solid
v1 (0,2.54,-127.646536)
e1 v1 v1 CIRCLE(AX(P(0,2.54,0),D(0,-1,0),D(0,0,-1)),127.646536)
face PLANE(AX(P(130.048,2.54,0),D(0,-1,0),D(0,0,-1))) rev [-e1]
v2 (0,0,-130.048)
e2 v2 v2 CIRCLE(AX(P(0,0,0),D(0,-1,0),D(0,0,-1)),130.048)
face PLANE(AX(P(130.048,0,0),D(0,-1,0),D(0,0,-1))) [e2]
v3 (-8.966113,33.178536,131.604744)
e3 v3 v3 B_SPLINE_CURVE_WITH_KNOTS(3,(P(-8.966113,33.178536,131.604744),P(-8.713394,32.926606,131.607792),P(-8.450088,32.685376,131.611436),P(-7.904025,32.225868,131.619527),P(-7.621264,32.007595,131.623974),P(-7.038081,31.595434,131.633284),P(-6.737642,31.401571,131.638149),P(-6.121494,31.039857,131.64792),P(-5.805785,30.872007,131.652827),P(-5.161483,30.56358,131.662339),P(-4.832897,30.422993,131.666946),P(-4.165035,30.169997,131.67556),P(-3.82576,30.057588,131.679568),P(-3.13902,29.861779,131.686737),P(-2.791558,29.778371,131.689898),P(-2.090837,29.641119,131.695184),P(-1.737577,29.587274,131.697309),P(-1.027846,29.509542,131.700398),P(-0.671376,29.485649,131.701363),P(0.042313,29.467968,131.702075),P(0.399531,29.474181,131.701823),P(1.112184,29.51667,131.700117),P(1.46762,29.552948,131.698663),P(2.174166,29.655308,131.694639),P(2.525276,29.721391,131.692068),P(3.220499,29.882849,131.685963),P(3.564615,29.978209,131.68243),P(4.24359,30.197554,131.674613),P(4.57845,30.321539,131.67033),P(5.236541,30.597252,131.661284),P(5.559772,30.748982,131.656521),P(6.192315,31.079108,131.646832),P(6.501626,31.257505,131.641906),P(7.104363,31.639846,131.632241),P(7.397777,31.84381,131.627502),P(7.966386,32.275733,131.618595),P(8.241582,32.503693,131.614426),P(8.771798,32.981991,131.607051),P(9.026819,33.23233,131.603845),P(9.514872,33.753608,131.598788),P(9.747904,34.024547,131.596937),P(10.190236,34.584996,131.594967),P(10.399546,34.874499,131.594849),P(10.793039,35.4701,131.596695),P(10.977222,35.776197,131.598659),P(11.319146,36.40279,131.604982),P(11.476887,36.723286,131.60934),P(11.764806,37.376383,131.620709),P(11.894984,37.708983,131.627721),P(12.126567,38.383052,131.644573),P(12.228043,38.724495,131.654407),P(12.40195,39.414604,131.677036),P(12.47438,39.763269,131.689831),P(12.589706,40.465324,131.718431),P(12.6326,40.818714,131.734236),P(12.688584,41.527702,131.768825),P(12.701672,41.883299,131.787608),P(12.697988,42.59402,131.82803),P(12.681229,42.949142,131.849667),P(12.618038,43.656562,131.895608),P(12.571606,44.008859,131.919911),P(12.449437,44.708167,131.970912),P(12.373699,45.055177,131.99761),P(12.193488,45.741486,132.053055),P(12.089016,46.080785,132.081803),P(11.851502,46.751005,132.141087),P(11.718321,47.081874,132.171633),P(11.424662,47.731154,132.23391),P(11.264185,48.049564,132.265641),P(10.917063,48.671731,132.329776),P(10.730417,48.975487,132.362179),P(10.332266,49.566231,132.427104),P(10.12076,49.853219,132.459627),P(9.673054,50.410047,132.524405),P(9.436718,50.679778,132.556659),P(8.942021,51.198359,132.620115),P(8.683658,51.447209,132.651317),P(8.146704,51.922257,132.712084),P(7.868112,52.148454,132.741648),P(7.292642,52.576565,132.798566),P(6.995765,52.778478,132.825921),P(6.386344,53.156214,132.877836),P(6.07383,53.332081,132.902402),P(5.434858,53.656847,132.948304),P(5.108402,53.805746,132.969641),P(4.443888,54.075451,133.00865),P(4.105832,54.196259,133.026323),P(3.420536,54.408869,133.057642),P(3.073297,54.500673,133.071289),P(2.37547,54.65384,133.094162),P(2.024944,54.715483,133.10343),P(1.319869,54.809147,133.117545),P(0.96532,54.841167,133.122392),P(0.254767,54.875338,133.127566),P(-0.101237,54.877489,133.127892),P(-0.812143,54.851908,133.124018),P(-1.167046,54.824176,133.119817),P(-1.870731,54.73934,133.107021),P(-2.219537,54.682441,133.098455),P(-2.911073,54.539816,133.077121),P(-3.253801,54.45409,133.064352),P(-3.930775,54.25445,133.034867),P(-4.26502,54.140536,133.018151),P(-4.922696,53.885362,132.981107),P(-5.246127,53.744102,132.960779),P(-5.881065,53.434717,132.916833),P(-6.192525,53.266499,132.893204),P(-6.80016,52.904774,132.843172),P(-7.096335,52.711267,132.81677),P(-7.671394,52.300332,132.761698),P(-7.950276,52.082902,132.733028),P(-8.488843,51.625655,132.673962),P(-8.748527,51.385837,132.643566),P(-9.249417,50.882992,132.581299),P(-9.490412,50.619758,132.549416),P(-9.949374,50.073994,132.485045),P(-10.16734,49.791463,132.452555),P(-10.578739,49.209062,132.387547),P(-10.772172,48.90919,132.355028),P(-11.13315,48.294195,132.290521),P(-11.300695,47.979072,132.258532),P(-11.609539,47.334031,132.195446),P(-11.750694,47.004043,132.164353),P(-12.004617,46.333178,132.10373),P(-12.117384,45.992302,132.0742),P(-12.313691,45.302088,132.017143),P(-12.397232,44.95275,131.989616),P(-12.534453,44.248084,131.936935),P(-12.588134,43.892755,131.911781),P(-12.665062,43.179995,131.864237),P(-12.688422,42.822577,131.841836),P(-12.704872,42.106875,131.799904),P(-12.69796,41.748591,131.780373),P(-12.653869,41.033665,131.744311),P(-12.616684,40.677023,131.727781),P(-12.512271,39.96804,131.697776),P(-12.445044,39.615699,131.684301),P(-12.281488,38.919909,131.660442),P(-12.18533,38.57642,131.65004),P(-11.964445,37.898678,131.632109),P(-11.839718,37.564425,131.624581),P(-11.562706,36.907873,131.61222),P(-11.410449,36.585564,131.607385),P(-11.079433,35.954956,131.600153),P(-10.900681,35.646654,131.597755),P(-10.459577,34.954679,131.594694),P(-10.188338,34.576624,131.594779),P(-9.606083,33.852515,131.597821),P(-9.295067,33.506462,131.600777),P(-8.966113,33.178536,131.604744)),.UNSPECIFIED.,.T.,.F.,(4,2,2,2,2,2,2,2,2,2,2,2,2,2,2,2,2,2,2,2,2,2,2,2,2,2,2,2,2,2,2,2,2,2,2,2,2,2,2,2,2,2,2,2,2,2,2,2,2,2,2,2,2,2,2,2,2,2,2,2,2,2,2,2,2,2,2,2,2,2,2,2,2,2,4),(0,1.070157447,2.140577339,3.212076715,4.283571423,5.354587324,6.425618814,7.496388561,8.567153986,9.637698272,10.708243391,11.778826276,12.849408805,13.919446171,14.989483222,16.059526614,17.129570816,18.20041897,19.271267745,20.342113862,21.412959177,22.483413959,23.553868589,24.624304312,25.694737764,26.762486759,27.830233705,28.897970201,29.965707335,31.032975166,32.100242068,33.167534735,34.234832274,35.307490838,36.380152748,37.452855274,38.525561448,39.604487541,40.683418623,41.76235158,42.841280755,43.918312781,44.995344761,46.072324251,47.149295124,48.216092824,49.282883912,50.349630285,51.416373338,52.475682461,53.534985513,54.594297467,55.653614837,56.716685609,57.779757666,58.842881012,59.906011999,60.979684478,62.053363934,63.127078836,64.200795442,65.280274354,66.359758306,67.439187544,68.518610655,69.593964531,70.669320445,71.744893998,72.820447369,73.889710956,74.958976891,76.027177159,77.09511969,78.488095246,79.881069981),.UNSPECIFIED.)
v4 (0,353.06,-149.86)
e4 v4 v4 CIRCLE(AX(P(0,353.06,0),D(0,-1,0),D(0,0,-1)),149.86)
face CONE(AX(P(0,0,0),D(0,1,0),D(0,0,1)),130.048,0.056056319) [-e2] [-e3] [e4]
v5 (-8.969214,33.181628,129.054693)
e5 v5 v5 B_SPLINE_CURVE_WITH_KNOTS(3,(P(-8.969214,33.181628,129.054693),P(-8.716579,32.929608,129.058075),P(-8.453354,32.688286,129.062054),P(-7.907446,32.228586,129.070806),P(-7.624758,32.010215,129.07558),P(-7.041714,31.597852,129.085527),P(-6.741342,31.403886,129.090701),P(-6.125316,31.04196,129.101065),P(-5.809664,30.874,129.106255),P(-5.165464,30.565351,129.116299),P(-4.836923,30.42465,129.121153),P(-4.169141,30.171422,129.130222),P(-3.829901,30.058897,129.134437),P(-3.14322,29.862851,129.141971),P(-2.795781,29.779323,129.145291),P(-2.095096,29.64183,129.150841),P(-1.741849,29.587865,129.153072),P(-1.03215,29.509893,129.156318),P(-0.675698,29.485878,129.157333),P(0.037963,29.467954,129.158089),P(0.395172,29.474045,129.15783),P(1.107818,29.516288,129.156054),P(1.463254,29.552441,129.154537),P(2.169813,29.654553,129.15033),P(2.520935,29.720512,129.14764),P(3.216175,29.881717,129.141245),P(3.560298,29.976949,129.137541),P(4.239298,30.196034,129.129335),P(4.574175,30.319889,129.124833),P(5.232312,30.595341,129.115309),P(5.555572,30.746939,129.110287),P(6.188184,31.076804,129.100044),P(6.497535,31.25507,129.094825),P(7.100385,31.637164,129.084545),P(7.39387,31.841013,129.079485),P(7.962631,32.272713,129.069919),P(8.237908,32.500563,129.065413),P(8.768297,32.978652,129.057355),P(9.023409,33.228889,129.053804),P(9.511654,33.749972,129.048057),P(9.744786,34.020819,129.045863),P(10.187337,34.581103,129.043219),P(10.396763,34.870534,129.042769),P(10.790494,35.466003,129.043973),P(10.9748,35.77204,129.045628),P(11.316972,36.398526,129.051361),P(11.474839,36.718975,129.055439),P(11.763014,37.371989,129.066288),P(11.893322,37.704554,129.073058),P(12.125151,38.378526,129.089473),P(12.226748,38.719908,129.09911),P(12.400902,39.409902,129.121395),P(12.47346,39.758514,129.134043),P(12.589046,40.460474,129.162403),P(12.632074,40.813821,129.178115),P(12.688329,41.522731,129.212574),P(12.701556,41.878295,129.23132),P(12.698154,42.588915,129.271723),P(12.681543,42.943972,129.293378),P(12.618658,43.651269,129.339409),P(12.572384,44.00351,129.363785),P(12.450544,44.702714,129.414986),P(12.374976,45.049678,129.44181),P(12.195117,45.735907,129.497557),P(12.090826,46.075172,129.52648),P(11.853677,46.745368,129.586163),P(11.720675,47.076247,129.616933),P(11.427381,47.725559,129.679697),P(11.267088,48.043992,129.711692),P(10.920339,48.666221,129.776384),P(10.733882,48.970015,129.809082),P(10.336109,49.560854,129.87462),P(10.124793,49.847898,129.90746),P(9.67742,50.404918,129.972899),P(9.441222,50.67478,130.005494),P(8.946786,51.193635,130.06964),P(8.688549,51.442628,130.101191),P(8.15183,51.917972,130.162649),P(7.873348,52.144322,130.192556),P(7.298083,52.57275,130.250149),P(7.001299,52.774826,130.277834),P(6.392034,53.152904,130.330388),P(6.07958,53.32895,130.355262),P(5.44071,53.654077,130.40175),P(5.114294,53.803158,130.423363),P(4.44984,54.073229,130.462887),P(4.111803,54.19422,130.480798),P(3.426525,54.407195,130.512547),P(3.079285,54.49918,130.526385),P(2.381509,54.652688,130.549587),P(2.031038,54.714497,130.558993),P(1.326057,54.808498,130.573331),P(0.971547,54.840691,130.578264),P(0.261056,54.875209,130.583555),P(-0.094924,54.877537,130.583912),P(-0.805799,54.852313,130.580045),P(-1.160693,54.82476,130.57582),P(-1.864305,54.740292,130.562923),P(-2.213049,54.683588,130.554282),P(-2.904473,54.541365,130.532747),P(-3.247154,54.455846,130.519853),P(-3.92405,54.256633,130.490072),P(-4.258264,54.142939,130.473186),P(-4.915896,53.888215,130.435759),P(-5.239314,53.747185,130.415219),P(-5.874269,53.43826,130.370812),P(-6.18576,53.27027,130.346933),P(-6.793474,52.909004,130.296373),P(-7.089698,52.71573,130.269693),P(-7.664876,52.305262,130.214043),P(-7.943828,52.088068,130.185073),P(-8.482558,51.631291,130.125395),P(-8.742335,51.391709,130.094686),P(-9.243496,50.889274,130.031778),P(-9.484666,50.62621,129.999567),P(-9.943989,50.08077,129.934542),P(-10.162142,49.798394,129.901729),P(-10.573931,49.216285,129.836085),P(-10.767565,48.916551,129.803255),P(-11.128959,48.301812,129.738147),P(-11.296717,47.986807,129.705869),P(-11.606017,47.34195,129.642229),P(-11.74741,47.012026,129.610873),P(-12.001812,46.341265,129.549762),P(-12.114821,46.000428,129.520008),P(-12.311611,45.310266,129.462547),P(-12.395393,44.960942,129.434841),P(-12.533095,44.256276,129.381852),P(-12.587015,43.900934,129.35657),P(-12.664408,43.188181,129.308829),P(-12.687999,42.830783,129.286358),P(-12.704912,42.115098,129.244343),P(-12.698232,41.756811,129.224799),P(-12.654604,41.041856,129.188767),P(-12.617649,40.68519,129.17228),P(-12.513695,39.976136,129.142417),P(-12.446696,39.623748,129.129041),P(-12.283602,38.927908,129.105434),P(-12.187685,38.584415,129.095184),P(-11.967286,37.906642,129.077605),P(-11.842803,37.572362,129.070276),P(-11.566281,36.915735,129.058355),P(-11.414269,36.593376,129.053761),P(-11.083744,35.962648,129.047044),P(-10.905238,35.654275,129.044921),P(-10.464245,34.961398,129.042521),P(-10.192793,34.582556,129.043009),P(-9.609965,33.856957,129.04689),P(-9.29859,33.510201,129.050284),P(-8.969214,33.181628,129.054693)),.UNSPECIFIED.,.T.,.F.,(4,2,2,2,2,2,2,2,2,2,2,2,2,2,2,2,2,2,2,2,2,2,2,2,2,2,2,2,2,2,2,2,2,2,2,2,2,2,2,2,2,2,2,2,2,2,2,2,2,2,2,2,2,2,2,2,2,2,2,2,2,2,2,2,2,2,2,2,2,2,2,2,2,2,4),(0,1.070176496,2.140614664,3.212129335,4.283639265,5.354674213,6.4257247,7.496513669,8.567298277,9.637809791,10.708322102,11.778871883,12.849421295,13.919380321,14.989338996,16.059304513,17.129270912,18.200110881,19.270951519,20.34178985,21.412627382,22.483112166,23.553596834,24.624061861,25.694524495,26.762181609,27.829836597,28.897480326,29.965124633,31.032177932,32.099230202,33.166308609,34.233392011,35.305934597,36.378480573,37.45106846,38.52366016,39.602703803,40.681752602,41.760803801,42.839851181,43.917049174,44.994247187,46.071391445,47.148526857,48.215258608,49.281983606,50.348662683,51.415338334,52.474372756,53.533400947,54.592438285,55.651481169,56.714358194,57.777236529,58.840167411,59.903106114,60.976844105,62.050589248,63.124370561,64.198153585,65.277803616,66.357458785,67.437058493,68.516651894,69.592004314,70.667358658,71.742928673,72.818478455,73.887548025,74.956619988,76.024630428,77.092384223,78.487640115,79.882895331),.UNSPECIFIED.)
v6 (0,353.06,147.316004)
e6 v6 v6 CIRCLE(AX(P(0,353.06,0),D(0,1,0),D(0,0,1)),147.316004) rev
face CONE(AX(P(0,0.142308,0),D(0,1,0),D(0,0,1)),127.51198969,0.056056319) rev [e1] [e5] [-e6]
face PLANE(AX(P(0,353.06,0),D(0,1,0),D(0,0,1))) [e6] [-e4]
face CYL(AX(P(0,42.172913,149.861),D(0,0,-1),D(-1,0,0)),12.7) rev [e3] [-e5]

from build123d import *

# Parameters (mm, degrees)
SHELL1_T           = -2.54
CUT_EXTRUDE1_REACH = 151.86
SKETCH2_R          = 12.7


with BuildPart() as part:
    # Sketch1 → Revolve1 (revolve)
    with BuildSketch(Plane.XY):
        Polygon((0, 0), (0, 353.06), (149.86, 353.06), (130.048, 0), align=None)
    revolve(axis=Axis((0, 0, 0), (0, 1, 0)))

    # Shell1
    shell1_openings = [part.faces().sort_by_distance(p)[0] for p in [
        (0, 353.06, -149.86),
    ]]
    offset(amount=SHELL1_T, openings=shell1_openings, kind=Kind.INTERSECTION)

    # Sketch2 → Cut-Extrude1 (cut, up to next)
    with BuildSketch(Plane.XY, mode=Mode.PRIVATE) as cut_extrude1_sk1:
        with Locations((0, 42.17291268)):
            Circle(SKETCH2_R)
    cut_extrude1_tool1 = extrude(cut_extrude1_sk1.sketch, amount=CUT_EXTRUDE1_REACH, mode=Mode.PRIVATE) & part.part
    add(cut_extrude1_tool1.solids().sort_by_distance((0, 42.172913, 0))[0], mode=Mode.SUBTRACT)


solid = part.part
